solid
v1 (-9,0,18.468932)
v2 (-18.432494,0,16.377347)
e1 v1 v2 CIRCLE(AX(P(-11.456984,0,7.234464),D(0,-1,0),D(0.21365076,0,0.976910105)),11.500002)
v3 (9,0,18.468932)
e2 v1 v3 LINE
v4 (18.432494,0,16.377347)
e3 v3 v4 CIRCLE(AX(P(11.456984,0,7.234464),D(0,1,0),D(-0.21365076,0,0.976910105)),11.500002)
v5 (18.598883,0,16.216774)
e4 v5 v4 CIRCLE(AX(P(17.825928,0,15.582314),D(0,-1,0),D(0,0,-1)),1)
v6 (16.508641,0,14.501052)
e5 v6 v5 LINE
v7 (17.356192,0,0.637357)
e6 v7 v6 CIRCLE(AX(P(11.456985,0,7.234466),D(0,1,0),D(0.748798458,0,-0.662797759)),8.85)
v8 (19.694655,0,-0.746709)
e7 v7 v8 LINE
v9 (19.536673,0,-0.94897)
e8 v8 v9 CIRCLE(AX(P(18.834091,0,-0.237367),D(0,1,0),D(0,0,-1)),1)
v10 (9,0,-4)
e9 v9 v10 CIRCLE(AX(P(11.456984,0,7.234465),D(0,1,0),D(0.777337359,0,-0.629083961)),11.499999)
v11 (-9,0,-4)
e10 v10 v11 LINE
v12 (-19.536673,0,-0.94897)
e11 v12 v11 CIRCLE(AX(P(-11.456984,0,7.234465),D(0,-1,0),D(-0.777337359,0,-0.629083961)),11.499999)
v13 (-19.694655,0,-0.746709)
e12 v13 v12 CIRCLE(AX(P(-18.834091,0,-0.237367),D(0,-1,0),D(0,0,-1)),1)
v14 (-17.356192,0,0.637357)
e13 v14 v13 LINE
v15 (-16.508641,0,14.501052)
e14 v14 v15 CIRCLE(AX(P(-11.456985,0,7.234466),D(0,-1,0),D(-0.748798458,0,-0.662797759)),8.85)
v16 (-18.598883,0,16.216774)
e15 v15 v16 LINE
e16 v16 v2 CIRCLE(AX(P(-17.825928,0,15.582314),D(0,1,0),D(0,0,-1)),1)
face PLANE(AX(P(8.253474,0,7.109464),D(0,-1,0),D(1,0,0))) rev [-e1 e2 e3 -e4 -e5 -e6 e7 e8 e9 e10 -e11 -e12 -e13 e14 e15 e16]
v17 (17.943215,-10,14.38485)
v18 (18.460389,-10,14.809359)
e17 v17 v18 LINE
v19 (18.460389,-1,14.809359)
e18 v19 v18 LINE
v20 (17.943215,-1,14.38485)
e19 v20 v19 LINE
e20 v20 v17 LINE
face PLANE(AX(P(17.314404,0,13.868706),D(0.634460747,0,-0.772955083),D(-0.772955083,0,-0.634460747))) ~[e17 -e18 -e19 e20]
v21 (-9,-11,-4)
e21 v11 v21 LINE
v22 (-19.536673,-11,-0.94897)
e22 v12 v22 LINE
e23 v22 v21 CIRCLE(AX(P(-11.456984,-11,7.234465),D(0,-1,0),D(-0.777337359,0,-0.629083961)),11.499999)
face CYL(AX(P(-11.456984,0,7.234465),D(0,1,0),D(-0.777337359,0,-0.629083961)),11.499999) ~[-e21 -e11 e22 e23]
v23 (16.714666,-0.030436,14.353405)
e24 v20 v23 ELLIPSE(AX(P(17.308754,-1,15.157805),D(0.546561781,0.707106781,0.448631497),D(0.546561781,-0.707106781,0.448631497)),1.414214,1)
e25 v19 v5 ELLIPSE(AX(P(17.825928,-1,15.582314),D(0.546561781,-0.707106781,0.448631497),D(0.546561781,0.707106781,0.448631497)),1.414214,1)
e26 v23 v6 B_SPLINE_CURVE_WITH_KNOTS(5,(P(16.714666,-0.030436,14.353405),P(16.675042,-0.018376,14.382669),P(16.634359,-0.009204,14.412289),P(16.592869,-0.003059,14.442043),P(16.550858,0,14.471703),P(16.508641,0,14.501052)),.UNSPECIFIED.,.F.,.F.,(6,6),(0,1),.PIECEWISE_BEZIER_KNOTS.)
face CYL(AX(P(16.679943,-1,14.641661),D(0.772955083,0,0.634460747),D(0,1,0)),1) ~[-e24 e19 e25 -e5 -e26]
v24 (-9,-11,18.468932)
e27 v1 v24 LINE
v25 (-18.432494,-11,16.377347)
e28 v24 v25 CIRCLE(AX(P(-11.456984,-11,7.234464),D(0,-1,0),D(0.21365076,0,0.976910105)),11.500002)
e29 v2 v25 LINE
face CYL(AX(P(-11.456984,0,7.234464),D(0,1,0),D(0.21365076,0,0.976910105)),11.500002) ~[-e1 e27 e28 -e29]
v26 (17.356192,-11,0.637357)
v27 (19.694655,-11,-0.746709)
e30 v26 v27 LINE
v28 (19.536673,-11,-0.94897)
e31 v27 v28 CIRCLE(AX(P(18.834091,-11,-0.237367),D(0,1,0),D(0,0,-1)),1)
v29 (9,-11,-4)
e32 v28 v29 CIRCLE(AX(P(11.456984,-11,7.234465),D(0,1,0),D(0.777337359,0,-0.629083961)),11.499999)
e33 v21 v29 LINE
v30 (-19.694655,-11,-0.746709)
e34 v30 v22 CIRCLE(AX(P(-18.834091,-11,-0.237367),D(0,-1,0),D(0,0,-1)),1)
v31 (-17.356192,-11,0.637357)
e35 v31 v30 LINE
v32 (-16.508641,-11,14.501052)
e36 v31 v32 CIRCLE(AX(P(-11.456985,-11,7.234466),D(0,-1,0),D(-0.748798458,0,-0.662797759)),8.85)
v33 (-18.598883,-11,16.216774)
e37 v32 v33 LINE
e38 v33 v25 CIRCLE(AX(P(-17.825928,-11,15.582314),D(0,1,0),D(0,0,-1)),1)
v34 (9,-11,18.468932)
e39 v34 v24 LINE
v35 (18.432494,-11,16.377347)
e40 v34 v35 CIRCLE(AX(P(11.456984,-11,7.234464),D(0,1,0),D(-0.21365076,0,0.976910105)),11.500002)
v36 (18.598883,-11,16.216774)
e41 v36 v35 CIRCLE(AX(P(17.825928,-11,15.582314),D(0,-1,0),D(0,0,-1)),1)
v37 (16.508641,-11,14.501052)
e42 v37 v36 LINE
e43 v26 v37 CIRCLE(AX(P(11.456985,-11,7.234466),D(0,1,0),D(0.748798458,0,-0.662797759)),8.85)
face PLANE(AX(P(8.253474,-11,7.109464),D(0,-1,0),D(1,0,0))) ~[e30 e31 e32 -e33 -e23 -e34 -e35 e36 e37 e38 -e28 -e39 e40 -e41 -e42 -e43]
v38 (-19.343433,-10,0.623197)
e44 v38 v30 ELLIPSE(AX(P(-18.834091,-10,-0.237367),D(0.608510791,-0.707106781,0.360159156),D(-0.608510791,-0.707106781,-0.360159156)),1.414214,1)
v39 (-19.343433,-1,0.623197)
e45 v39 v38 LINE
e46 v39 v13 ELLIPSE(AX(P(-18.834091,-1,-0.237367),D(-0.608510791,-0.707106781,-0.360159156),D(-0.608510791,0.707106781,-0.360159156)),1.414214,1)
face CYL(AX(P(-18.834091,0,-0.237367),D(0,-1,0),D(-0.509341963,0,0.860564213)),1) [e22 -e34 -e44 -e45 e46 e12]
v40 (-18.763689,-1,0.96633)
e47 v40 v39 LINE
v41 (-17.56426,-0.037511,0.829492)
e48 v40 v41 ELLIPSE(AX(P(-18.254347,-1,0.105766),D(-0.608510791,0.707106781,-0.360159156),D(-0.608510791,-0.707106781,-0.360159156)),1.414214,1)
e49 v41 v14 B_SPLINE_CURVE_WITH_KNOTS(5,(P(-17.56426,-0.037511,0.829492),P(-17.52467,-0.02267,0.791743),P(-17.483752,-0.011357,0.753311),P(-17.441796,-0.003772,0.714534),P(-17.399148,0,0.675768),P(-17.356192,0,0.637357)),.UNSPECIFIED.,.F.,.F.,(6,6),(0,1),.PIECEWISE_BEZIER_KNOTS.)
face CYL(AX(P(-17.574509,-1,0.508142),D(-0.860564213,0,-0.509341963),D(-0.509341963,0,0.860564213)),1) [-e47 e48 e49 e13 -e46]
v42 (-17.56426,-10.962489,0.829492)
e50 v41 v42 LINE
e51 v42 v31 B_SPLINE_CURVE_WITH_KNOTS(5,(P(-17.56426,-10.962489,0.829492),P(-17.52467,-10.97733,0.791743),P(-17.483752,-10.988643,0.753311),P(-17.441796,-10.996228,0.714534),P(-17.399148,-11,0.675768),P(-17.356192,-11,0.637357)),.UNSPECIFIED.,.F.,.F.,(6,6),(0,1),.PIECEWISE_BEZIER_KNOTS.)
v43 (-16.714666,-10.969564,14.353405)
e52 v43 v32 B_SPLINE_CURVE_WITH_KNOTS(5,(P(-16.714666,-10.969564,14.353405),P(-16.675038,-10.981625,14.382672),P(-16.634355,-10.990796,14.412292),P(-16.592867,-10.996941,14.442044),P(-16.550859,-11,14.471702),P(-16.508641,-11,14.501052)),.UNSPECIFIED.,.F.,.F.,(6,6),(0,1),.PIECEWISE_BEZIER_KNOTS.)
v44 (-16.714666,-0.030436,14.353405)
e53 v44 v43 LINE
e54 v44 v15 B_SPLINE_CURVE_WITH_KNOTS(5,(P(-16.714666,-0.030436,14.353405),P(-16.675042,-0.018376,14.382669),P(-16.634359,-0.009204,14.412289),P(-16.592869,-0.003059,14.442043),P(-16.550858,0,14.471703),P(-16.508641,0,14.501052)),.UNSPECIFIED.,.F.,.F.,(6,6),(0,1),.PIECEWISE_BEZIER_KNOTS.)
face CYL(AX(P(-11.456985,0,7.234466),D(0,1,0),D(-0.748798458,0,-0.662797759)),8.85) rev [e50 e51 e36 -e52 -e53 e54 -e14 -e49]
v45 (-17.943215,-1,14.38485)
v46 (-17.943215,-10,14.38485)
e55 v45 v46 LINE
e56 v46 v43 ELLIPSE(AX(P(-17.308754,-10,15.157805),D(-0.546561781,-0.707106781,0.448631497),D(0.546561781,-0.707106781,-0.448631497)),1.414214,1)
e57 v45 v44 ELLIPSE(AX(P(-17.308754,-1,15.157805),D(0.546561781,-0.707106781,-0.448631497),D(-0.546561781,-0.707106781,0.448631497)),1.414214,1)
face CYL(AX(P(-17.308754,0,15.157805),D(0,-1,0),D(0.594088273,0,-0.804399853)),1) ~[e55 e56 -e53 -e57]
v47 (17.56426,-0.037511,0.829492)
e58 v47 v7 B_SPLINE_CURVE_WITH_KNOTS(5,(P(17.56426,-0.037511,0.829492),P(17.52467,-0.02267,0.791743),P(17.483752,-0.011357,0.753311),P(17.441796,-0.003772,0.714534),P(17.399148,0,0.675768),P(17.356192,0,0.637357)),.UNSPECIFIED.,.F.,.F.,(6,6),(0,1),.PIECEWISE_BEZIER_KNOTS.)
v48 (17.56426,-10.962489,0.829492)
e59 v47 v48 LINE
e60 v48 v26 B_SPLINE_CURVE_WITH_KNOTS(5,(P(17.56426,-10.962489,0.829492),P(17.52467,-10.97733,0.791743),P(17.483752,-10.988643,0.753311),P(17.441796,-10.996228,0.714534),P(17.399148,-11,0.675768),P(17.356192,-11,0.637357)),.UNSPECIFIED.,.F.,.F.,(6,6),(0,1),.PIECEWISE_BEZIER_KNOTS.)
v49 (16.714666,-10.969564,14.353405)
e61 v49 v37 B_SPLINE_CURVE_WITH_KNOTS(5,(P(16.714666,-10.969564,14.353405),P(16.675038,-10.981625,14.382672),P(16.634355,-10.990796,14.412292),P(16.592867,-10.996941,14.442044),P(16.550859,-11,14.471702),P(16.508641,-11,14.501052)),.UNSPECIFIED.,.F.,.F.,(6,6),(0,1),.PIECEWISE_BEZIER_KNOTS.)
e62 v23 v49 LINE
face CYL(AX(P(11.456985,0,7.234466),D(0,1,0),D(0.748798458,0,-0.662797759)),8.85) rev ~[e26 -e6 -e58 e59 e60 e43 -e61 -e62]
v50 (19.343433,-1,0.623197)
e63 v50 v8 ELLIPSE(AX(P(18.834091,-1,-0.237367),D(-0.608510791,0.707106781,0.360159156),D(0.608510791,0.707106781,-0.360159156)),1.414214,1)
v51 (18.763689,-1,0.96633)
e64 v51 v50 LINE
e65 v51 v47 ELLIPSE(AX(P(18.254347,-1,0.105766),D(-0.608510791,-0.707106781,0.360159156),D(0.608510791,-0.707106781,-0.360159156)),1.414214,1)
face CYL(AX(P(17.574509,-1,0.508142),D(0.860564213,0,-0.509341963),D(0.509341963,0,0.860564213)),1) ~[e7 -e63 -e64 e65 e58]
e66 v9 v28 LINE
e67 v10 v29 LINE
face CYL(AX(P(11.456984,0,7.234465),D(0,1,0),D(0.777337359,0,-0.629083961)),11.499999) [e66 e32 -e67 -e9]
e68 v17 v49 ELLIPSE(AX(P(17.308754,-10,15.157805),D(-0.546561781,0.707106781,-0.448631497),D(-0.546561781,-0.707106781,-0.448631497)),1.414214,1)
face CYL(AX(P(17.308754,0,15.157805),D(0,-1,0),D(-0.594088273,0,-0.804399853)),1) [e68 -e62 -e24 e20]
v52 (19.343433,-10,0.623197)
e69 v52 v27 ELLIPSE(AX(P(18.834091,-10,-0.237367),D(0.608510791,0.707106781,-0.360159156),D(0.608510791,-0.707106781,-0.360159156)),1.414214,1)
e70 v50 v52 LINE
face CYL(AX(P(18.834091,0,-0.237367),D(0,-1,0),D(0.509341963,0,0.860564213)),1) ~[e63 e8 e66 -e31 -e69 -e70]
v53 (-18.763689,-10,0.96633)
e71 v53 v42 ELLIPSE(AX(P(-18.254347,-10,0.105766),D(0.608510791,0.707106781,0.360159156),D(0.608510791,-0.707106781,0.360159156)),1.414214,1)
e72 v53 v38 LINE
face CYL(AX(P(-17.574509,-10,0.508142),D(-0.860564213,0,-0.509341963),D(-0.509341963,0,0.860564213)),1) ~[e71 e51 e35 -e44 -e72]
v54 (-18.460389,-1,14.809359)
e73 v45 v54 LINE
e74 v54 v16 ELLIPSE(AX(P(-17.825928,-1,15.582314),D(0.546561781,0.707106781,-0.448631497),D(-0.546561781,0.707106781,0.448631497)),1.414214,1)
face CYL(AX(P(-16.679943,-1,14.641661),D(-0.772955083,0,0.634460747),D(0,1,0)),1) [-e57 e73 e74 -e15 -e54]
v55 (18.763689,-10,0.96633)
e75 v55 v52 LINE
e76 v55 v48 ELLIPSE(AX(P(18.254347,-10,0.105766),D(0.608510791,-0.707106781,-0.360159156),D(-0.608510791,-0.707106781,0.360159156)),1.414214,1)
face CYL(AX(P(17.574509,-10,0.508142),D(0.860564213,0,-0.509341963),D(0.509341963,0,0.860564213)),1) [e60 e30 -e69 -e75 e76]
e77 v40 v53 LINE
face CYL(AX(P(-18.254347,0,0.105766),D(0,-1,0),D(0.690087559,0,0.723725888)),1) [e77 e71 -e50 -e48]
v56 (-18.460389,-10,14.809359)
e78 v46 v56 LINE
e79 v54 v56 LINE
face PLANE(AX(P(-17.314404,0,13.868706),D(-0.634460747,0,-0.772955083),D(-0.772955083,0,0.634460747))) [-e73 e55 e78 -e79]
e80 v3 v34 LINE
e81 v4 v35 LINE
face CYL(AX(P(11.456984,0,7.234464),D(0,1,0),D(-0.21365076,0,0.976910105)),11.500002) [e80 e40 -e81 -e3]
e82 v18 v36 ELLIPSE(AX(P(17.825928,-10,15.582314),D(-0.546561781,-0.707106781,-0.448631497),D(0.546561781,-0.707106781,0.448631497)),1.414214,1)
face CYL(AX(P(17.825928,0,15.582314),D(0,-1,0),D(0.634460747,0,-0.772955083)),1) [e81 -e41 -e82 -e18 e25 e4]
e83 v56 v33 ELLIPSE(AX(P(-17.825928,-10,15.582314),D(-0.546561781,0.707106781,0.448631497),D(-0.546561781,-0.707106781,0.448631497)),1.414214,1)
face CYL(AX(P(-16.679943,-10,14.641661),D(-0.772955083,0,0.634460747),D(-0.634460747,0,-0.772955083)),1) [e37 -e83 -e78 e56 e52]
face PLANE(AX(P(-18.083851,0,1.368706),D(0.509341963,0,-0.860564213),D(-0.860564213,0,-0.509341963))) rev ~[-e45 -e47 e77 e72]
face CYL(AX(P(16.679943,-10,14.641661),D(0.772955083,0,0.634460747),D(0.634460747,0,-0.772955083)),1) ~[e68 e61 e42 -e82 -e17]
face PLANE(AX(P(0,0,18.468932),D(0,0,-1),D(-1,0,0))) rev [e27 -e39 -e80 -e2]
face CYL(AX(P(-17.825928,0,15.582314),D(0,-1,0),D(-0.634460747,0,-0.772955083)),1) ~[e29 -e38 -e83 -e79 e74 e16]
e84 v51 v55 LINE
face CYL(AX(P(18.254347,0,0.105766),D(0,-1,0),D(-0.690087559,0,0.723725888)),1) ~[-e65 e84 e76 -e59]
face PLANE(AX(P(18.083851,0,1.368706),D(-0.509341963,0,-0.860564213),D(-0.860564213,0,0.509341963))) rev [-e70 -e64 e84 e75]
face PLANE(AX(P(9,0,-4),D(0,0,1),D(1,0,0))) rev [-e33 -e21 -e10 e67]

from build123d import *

# Parameters (mm, degrees)
PAD_DEPTH   = 11
FILLET_R    = 1
FILLET001_R = 1


with BuildPart() as part:
    # Sketch → Pad (new body)
    with BuildSketch(Plane.XZ):
        with BuildLine():
            Line((0, 0), (0, 18.468932))
            Line((0, 18.468932), (-9, 18.468932))
            ThreePointArc((-9, 18.468932), (-14.55271, 18.309956), (-19.383095, 15.566739))
            Line((-17.314404, 13.868706), (-19.383095, 15.566739))
            ThreePointArc((-18.083851, 1.368706), (-2.623704, 6.690727), (-17.314404, 13.868706))
            Line((-18.083851, 1.368706), (-20.396363, 0))
            ThreePointArc((-20.396363, 0), (-15.265575, -3.616554), (-9, -4))
            Line((-9, -4), (0, -4))
            Line((0, 0), (0, -4))
        make_face()
    extrude(amount=PAD_DEPTH)

    # Fillet
    fillet_edges = [part.edges().sort_by_distance(p)[0] for p in [
        (-18.083851, -5.5, 1.368706),
        (-20.396363, -5.5, 0),
        (-19.240107, 0, 0.684353),
        (-19.240107, -11, 0.684353),
    ]]
    fillet(fillet_edges, radius=FILLET_R)

    # Fillet001
    fillet001_edges = [part.edges().sort_by_distance(p)[0] for p in [
        (-17.314404, -5.5, 13.868706),
        (-19.383095, -5.5, 15.566739),
        (-18.348749, 0, 14.717723),
        (-18.348749, -11, 14.717723),
    ]]
    fillet(fillet001_edges, radius=FILLET001_R)

    # Mirrored: part across YZ


with BuildPart() as part_1:
    add(part.part)
    add(part.part.mirror(Plane.YZ))


solid = part_1.part
